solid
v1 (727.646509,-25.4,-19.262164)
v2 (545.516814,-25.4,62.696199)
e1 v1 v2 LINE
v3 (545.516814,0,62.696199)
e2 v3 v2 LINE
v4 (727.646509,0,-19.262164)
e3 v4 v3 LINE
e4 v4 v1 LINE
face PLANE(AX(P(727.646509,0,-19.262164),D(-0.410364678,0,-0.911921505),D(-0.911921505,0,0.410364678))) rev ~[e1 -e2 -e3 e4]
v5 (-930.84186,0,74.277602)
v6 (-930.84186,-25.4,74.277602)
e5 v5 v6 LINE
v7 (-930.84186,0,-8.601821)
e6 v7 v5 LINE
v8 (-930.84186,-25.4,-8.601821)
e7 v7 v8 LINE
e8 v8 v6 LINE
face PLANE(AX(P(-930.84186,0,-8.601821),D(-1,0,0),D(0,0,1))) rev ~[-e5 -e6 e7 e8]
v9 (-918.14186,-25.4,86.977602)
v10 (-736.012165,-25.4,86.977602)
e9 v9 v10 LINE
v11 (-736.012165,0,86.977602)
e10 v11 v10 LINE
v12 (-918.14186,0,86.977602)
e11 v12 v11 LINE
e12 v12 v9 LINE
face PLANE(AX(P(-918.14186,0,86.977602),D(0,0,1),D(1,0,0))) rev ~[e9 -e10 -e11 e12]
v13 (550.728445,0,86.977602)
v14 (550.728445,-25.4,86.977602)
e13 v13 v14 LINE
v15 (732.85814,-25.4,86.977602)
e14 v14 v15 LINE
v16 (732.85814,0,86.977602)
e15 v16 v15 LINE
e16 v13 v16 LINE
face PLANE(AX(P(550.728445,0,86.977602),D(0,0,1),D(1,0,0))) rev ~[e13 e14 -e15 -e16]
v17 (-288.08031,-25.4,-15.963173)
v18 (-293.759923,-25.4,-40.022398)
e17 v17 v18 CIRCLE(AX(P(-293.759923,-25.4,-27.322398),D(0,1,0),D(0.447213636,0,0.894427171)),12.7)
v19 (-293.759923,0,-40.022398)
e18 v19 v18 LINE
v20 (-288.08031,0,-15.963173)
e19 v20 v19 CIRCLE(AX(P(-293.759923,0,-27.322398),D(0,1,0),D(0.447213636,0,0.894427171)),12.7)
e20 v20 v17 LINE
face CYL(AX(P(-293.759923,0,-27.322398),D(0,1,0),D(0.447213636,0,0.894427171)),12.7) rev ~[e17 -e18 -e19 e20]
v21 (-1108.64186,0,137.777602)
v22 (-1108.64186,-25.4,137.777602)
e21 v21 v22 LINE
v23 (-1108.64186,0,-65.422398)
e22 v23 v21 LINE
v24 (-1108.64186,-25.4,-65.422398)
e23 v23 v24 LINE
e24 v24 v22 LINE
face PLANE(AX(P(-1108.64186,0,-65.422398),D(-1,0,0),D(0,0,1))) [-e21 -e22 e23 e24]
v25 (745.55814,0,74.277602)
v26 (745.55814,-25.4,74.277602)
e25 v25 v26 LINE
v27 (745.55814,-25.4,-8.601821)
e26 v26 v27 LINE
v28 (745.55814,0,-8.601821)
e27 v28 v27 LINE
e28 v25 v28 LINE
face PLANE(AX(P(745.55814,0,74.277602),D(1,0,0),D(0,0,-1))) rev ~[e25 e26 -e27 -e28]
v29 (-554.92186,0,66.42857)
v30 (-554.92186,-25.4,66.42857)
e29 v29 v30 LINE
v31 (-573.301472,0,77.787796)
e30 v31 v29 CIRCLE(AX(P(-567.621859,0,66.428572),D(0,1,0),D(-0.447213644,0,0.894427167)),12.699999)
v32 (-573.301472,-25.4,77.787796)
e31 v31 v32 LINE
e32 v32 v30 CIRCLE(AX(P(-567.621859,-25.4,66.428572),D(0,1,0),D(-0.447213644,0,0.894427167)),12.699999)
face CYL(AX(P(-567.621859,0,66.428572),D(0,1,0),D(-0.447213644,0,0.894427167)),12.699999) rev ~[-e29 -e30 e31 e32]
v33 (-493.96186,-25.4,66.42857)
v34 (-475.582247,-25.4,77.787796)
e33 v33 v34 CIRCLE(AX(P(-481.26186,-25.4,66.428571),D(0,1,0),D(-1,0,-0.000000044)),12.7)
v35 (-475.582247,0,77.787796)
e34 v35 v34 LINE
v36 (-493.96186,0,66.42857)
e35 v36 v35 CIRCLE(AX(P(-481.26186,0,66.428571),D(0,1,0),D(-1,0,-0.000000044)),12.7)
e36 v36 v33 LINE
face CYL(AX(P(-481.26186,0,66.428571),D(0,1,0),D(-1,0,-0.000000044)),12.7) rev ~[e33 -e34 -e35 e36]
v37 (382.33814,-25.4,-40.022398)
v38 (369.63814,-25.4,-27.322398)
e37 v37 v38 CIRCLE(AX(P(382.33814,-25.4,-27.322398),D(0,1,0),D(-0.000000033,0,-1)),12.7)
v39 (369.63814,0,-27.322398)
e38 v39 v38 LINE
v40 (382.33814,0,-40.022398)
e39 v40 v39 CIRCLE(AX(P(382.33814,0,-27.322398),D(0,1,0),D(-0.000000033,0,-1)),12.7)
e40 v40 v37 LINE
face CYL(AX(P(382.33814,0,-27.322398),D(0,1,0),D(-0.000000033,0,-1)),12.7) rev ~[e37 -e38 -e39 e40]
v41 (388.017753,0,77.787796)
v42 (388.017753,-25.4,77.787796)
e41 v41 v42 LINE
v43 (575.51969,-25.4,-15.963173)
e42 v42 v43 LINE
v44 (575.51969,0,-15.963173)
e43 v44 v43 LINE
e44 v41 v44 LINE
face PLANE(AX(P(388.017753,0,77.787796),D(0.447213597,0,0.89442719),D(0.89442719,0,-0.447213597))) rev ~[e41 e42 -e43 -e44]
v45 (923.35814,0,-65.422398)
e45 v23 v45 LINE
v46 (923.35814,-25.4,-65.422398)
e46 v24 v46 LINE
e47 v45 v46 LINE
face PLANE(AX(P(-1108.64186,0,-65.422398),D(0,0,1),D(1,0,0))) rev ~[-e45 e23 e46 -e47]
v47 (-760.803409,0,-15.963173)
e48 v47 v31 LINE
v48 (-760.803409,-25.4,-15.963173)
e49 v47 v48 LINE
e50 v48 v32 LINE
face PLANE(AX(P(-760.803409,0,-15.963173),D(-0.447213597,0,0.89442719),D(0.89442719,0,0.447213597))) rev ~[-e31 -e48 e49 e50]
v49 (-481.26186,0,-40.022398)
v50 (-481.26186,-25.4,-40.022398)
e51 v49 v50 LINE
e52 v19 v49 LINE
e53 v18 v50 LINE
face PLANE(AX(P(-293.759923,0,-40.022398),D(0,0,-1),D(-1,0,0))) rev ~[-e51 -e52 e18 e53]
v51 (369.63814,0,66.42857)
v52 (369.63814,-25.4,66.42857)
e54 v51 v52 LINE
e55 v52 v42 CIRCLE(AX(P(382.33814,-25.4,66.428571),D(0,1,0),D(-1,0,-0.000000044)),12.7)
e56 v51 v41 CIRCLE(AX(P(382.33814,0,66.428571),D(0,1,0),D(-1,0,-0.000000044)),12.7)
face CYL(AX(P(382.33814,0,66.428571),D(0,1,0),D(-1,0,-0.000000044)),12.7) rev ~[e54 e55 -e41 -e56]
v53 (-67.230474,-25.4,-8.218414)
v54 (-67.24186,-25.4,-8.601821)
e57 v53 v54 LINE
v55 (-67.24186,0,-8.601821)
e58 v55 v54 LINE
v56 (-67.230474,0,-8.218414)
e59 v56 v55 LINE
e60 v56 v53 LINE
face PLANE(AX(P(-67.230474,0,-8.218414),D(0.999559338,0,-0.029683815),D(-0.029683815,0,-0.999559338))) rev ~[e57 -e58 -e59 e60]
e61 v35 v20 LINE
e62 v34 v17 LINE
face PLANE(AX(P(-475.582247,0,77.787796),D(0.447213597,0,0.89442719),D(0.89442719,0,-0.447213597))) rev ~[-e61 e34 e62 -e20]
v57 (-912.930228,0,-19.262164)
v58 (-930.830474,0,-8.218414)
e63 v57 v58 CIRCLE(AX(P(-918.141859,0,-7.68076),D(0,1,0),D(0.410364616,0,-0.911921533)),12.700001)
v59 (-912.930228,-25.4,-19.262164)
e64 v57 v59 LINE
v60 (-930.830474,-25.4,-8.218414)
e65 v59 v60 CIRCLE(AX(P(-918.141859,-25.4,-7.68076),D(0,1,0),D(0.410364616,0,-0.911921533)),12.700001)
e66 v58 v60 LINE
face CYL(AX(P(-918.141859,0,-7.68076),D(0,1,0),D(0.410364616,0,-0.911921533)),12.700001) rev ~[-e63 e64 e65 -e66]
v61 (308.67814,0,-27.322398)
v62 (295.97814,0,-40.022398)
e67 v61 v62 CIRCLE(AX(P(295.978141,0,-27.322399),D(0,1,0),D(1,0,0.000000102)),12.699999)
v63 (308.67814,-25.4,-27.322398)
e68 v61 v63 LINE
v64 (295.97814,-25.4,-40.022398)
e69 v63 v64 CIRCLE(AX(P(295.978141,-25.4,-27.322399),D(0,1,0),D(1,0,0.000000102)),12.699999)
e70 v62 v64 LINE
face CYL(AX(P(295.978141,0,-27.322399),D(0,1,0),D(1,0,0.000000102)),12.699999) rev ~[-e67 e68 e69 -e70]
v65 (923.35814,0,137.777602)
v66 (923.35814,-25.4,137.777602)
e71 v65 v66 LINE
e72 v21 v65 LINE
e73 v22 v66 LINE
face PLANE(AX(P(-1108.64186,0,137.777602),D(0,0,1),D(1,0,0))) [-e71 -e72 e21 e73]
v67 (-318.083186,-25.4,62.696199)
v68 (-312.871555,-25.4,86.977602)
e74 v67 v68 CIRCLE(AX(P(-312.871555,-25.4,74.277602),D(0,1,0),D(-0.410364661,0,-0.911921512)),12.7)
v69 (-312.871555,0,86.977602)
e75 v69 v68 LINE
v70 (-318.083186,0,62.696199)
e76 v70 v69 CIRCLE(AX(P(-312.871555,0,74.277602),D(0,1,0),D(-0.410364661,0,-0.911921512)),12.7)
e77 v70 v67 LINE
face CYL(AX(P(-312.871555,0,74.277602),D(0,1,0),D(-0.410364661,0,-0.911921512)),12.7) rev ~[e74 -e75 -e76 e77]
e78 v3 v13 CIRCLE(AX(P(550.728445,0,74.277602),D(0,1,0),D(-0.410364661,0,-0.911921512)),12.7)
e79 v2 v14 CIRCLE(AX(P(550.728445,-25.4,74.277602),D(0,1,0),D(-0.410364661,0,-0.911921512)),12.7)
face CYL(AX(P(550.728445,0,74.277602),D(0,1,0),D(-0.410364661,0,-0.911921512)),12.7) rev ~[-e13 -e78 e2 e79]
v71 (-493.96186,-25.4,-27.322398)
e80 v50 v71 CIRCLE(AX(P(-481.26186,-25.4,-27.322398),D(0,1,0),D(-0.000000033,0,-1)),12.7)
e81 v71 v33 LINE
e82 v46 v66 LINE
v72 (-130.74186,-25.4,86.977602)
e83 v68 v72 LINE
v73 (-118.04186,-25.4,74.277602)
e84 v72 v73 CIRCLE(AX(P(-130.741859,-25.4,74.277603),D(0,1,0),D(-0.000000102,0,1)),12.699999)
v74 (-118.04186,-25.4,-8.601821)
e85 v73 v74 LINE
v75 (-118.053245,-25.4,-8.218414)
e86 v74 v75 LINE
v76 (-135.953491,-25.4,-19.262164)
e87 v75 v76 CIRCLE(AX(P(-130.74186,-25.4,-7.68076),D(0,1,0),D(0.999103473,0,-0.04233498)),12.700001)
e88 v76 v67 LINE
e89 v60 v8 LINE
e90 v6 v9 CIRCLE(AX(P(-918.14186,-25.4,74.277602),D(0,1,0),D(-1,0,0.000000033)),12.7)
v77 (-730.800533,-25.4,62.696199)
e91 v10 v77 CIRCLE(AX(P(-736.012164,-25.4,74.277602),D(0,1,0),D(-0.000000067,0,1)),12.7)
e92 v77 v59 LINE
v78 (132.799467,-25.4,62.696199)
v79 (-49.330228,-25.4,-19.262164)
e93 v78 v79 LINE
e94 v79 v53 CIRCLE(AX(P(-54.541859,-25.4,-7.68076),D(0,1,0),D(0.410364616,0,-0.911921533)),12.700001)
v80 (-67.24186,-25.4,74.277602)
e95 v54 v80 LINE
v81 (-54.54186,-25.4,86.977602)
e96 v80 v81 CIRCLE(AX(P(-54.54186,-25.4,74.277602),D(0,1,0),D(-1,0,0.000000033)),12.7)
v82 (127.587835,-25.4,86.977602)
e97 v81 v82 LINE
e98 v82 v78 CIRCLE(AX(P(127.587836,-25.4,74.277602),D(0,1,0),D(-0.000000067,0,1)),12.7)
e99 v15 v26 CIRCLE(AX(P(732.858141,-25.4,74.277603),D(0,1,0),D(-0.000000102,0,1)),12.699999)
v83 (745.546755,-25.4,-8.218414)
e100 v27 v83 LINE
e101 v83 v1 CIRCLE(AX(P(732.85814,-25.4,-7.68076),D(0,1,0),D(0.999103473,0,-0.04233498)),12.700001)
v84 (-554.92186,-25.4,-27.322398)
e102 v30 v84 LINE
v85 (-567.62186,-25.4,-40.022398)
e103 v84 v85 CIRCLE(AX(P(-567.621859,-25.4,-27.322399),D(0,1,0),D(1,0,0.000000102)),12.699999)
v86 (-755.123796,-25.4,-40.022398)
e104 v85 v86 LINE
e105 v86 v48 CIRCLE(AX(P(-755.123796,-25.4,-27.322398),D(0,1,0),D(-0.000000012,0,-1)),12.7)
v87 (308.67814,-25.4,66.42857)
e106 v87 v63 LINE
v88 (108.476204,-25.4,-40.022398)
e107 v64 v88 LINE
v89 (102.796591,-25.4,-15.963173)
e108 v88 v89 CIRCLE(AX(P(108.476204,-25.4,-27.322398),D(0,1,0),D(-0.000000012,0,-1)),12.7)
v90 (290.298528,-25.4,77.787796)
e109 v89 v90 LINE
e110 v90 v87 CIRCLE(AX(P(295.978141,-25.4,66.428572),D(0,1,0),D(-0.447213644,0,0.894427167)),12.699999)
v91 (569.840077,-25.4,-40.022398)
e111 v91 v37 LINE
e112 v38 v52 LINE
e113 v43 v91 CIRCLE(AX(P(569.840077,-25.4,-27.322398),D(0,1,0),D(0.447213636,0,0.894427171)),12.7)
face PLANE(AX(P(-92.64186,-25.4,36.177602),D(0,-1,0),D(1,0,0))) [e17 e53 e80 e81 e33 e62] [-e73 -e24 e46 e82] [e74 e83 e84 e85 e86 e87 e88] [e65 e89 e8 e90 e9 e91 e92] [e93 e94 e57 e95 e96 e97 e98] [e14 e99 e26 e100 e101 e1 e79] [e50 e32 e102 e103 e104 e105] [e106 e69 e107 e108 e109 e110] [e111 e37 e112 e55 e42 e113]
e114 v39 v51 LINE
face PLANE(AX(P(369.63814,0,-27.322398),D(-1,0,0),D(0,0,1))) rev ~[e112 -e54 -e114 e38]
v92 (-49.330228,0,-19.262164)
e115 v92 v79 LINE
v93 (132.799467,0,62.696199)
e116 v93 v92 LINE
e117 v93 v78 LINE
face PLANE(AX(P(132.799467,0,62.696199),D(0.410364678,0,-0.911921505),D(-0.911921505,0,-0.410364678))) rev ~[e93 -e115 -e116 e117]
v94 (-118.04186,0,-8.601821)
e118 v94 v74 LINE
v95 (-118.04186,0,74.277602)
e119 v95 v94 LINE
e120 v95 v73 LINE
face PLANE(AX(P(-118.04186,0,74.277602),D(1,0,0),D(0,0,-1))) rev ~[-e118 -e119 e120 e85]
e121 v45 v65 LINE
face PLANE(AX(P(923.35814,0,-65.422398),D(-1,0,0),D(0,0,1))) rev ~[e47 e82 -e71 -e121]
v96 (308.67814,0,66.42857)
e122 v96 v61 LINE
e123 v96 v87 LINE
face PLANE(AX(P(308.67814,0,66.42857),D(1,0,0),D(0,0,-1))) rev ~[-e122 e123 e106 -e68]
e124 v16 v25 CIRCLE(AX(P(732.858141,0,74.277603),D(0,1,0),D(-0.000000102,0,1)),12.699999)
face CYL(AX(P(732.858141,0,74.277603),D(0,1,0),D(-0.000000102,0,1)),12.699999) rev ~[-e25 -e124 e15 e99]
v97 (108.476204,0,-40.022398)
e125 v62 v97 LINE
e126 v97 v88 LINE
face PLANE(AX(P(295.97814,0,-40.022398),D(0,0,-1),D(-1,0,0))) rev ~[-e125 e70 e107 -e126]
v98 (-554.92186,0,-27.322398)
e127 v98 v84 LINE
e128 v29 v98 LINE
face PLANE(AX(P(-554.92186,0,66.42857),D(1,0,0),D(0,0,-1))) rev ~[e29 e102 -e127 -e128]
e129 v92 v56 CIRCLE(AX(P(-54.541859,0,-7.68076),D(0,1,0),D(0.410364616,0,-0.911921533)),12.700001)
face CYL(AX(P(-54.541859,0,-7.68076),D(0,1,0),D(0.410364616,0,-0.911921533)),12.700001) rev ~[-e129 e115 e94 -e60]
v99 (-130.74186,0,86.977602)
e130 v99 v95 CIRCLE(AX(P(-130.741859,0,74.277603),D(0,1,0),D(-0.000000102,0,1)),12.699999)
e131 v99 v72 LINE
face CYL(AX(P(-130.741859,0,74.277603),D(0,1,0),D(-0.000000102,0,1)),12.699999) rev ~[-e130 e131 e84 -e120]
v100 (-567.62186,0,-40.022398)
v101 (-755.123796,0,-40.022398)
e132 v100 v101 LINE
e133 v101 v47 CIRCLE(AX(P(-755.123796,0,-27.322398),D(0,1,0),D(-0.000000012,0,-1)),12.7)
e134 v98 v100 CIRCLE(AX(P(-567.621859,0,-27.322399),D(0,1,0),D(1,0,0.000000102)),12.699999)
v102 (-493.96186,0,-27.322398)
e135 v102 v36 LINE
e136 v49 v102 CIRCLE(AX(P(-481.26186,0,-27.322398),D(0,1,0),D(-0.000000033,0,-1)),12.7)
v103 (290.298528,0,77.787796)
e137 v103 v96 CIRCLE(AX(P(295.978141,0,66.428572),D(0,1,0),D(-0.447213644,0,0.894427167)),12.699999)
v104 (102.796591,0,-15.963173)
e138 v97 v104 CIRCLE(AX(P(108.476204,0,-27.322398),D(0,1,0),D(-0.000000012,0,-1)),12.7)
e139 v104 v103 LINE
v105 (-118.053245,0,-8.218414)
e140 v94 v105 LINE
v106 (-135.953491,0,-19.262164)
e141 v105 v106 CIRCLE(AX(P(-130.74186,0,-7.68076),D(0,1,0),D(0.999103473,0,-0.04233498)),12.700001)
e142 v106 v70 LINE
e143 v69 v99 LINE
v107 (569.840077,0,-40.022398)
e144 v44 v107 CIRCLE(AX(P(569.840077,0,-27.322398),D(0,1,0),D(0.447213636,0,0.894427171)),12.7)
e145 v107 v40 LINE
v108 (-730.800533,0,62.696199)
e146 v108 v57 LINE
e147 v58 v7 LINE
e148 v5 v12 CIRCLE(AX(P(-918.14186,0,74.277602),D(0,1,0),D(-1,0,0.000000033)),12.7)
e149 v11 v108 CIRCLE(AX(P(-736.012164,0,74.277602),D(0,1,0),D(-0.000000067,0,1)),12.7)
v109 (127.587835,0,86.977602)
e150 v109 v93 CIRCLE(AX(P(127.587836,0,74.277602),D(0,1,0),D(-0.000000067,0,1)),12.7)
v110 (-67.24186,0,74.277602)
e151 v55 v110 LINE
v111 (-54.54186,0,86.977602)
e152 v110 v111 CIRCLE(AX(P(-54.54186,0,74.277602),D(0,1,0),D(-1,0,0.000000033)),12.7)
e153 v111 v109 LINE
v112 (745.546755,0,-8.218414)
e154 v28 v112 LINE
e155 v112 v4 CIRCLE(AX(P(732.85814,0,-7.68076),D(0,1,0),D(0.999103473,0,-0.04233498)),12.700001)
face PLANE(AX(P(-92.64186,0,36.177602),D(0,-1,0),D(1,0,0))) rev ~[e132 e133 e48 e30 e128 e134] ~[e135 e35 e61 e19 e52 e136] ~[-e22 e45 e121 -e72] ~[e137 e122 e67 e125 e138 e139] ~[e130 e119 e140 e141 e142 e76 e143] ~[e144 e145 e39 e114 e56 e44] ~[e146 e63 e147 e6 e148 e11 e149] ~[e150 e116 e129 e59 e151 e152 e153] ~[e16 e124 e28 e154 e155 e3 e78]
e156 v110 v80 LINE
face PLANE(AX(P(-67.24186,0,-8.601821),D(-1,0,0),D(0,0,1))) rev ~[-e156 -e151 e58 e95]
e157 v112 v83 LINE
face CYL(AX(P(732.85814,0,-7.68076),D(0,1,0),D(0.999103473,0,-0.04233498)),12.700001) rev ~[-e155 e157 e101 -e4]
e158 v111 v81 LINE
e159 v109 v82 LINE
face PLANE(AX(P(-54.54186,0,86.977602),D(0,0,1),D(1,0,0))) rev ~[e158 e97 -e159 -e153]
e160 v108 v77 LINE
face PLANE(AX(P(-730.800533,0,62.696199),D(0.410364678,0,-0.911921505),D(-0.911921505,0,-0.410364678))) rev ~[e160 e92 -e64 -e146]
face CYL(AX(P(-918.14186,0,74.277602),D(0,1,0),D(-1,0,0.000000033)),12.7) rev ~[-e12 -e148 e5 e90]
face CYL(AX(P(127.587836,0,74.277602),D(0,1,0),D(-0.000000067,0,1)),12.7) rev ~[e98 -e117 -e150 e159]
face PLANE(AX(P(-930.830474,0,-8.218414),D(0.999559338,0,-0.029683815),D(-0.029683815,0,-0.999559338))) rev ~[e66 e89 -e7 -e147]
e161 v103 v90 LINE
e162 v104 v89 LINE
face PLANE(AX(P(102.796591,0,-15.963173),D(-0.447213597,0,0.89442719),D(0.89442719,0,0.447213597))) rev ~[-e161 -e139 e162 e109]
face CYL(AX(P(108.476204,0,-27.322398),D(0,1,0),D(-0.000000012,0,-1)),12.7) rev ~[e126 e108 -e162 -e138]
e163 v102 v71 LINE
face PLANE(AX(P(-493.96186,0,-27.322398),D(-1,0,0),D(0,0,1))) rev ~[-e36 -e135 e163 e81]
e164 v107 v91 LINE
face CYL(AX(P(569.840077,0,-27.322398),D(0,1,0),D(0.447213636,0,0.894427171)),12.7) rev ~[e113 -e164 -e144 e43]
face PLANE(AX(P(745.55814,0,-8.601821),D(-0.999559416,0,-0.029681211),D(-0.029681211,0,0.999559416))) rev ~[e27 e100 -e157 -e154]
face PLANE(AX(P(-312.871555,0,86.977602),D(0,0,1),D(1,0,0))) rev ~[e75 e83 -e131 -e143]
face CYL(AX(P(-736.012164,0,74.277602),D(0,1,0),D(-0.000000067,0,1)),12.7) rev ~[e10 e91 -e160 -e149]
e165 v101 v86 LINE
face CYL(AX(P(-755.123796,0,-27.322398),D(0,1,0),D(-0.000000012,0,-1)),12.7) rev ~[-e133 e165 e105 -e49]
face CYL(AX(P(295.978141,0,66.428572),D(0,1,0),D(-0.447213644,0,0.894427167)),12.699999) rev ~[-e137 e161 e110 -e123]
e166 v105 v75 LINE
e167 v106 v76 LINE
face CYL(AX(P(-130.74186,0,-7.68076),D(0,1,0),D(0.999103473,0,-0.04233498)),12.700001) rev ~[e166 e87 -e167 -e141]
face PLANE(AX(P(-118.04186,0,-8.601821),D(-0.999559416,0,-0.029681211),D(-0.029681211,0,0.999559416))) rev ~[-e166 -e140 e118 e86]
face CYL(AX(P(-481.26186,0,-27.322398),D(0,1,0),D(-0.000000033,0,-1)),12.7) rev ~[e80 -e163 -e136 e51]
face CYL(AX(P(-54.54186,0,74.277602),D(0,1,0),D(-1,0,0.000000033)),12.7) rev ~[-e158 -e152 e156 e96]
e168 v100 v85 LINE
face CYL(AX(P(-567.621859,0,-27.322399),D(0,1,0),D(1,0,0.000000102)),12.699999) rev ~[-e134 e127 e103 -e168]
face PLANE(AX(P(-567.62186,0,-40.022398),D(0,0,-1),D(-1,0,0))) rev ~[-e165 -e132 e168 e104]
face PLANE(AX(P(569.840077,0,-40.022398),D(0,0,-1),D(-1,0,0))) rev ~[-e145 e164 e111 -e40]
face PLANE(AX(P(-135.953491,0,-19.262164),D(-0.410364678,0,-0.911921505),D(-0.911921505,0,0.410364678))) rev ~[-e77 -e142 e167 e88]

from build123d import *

# Parameters (mm, degrees)
F0_W     = 2032
F0_H     = 203.2
F1_DEPTH = 25.4


with BuildPart() as f1:
    # F0 (on Front) → F1 (new body)
    with BuildSketch(Plane.XZ):
        with Locations((-92.64186, 36.177602)):
            Rectangle(F0_W, F0_H)
        with BuildLine():
            ThreePointArc((-554.92186, -27.322398), (-558.641603, -36.302654), (-567.62186, -40.022398))
            Line((-567.62186, -40.022398), (-755.123796, -40.022398))
            ThreePointArc((-755.123796, -40.022398), (-767.484058, -30.24026), (-760.803409, -15.963173))
            Line((-760.803409, -15.963173), (-573.301472, 77.787796))
            ThreePointArc((-573.301472, 77.787796), (-560.945074, 77.231836), (-554.92186, 66.42857))
            Line((-554.92186, 66.42857), (-554.92186, -27.322398))
        make_face(mode=Mode.SUBTRACT)
        with BuildLine():
            Line((-930.830474, -8.218414), (-930.84186, -8.601821))
            Line((-930.84186, -8.601821), (-930.84186, 74.277602))
            ThreePointArc((-930.84186, 74.277602), (-927.122116, 83.257858), (-918.14186, 86.977602))
            Line((-918.14186, 86.977602), (-736.012165, 86.977602))
            ThreePointArc((-736.012165, 86.977602), (-723.594962, 76.942764), (-730.800533, 62.696199))
            Line((-730.800533, 62.696199), (-912.930228, -19.262164))
            ThreePointArc((-912.930228, -19.262164), (-924.810249, -18.48921), (-930.830474, -8.218414))
        make_face(mode=Mode.SUBTRACT)
        with BuildLine():
            Line((-493.96186, -27.322398), (-493.96186, 66.42857))
            ThreePointArc((-493.96186, 66.42857), (-487.938645, 77.231836), (-475.582247, 77.787796))
            Line((-475.582247, 77.787796), (-288.08031, -15.963173))
            ThreePointArc((-288.08031, -15.963173), (-281.399661, -30.24026), (-293.759923, -40.022398))
            Line((-293.759923, -40.022398), (-481.26186, -40.022398))
            ThreePointArc((-481.26186, -40.022398), (-490.242116, -36.302654), (-493.96186, -27.322398))
        make_face(mode=Mode.SUBTRACT)
        with BuildLine():
            Line((-118.04186, 74.277602), (-118.04186, -8.601821))
            Line((-118.04186, -8.601821), (-118.053245, -8.218414))
            ThreePointArc((-118.053245, -8.218414), (-124.07347, -18.48921), (-135.953491, -19.262164))
            Line((-135.953491, -19.262164), (-318.083186, 62.696199))
            ThreePointArc((-318.083186, 62.696199), (-325.288757, 76.942764), (-312.871555, 86.977602))
            Line((-312.871555, 86.977602), (-130.74186, 86.977602))
            ThreePointArc((-130.74186, 86.977602), (-121.761603, 83.257858), (-118.04186, 74.277602))
        make_face(mode=Mode.SUBTRACT)
        with BuildLine():
            Line((-67.24186, -8.601821), (-67.24186, 74.277602))
            ThreePointArc((-67.24186, 74.277602), (-63.522116, 83.257858), (-54.54186, 86.977602))
            Line((-54.54186, 86.977602), (127.587835, 86.977602))
            ThreePointArc((127.587835, 86.977602), (140.005038, 76.942764), (132.799467, 62.696199))
            Line((132.799467, 62.696199), (-49.330228, -19.262164))
            ThreePointArc((-49.330228, -19.262164), (-61.210249, -18.48921), (-67.230474, -8.218414))
            Line((-67.230474, -8.218414), (-67.24186, -8.601821))
        make_face(mode=Mode.SUBTRACT)
        with BuildLine():
            ThreePointArc((290.298528, 77.787796), (302.654926, 77.231836), (308.67814, 66.42857))
            Line((308.67814, 66.42857), (308.67814, -27.322398))
            ThreePointArc((308.67814, -27.322398), (304.958397, -36.302654), (295.97814, -40.022398))
            Line((295.97814, -40.022398), (108.476204, -40.022398))
            ThreePointArc((108.476204, -40.022398), (96.115942, -30.24026), (102.796591, -15.963173))
            Line((102.796591, -15.963173), (290.298528, 77.787796))
        make_face(mode=Mode.SUBTRACT)
        with BuildLine():
            Line((388.017753, 77.787796), (575.51969, -15.963173))
            ThreePointArc((575.51969, -15.963173), (582.200339, -30.24026), (569.840077, -40.022398))
            Line((569.840077, -40.022398), (382.33814, -40.022398))
            ThreePointArc((382.33814, -40.022398), (373.357884, -36.302654), (369.63814, -27.322398))
            Line((369.63814, -27.322398), (369.63814, 66.42857))
            ThreePointArc((369.63814, 66.42857), (375.661355, 77.231836), (388.017753, 77.787796))
        make_face(mode=Mode.SUBTRACT)
        with BuildLine():
            Line((550.728445, 86.977602), (732.85814, 86.977602))
            ThreePointArc((732.85814, 86.977602), (741.838397, 83.257858), (745.55814, 74.277602))
            Line((745.55814, 74.277602), (745.55814, -8.601821))
            Line((745.55814, -8.601821), (745.546755, -8.218414))
            ThreePointArc((745.546755, -8.218414), (739.52653, -18.48921), (727.646509, -19.262164))
            Line((727.646509, -19.262164), (545.516814, 62.696199))
            ThreePointArc((545.516814, 62.696199), (538.311243, 76.942764), (550.728445, 86.977602))
        make_face(mode=Mode.SUBTRACT)
    extrude(amount=F1_DEPTH)


solid = f1.part
